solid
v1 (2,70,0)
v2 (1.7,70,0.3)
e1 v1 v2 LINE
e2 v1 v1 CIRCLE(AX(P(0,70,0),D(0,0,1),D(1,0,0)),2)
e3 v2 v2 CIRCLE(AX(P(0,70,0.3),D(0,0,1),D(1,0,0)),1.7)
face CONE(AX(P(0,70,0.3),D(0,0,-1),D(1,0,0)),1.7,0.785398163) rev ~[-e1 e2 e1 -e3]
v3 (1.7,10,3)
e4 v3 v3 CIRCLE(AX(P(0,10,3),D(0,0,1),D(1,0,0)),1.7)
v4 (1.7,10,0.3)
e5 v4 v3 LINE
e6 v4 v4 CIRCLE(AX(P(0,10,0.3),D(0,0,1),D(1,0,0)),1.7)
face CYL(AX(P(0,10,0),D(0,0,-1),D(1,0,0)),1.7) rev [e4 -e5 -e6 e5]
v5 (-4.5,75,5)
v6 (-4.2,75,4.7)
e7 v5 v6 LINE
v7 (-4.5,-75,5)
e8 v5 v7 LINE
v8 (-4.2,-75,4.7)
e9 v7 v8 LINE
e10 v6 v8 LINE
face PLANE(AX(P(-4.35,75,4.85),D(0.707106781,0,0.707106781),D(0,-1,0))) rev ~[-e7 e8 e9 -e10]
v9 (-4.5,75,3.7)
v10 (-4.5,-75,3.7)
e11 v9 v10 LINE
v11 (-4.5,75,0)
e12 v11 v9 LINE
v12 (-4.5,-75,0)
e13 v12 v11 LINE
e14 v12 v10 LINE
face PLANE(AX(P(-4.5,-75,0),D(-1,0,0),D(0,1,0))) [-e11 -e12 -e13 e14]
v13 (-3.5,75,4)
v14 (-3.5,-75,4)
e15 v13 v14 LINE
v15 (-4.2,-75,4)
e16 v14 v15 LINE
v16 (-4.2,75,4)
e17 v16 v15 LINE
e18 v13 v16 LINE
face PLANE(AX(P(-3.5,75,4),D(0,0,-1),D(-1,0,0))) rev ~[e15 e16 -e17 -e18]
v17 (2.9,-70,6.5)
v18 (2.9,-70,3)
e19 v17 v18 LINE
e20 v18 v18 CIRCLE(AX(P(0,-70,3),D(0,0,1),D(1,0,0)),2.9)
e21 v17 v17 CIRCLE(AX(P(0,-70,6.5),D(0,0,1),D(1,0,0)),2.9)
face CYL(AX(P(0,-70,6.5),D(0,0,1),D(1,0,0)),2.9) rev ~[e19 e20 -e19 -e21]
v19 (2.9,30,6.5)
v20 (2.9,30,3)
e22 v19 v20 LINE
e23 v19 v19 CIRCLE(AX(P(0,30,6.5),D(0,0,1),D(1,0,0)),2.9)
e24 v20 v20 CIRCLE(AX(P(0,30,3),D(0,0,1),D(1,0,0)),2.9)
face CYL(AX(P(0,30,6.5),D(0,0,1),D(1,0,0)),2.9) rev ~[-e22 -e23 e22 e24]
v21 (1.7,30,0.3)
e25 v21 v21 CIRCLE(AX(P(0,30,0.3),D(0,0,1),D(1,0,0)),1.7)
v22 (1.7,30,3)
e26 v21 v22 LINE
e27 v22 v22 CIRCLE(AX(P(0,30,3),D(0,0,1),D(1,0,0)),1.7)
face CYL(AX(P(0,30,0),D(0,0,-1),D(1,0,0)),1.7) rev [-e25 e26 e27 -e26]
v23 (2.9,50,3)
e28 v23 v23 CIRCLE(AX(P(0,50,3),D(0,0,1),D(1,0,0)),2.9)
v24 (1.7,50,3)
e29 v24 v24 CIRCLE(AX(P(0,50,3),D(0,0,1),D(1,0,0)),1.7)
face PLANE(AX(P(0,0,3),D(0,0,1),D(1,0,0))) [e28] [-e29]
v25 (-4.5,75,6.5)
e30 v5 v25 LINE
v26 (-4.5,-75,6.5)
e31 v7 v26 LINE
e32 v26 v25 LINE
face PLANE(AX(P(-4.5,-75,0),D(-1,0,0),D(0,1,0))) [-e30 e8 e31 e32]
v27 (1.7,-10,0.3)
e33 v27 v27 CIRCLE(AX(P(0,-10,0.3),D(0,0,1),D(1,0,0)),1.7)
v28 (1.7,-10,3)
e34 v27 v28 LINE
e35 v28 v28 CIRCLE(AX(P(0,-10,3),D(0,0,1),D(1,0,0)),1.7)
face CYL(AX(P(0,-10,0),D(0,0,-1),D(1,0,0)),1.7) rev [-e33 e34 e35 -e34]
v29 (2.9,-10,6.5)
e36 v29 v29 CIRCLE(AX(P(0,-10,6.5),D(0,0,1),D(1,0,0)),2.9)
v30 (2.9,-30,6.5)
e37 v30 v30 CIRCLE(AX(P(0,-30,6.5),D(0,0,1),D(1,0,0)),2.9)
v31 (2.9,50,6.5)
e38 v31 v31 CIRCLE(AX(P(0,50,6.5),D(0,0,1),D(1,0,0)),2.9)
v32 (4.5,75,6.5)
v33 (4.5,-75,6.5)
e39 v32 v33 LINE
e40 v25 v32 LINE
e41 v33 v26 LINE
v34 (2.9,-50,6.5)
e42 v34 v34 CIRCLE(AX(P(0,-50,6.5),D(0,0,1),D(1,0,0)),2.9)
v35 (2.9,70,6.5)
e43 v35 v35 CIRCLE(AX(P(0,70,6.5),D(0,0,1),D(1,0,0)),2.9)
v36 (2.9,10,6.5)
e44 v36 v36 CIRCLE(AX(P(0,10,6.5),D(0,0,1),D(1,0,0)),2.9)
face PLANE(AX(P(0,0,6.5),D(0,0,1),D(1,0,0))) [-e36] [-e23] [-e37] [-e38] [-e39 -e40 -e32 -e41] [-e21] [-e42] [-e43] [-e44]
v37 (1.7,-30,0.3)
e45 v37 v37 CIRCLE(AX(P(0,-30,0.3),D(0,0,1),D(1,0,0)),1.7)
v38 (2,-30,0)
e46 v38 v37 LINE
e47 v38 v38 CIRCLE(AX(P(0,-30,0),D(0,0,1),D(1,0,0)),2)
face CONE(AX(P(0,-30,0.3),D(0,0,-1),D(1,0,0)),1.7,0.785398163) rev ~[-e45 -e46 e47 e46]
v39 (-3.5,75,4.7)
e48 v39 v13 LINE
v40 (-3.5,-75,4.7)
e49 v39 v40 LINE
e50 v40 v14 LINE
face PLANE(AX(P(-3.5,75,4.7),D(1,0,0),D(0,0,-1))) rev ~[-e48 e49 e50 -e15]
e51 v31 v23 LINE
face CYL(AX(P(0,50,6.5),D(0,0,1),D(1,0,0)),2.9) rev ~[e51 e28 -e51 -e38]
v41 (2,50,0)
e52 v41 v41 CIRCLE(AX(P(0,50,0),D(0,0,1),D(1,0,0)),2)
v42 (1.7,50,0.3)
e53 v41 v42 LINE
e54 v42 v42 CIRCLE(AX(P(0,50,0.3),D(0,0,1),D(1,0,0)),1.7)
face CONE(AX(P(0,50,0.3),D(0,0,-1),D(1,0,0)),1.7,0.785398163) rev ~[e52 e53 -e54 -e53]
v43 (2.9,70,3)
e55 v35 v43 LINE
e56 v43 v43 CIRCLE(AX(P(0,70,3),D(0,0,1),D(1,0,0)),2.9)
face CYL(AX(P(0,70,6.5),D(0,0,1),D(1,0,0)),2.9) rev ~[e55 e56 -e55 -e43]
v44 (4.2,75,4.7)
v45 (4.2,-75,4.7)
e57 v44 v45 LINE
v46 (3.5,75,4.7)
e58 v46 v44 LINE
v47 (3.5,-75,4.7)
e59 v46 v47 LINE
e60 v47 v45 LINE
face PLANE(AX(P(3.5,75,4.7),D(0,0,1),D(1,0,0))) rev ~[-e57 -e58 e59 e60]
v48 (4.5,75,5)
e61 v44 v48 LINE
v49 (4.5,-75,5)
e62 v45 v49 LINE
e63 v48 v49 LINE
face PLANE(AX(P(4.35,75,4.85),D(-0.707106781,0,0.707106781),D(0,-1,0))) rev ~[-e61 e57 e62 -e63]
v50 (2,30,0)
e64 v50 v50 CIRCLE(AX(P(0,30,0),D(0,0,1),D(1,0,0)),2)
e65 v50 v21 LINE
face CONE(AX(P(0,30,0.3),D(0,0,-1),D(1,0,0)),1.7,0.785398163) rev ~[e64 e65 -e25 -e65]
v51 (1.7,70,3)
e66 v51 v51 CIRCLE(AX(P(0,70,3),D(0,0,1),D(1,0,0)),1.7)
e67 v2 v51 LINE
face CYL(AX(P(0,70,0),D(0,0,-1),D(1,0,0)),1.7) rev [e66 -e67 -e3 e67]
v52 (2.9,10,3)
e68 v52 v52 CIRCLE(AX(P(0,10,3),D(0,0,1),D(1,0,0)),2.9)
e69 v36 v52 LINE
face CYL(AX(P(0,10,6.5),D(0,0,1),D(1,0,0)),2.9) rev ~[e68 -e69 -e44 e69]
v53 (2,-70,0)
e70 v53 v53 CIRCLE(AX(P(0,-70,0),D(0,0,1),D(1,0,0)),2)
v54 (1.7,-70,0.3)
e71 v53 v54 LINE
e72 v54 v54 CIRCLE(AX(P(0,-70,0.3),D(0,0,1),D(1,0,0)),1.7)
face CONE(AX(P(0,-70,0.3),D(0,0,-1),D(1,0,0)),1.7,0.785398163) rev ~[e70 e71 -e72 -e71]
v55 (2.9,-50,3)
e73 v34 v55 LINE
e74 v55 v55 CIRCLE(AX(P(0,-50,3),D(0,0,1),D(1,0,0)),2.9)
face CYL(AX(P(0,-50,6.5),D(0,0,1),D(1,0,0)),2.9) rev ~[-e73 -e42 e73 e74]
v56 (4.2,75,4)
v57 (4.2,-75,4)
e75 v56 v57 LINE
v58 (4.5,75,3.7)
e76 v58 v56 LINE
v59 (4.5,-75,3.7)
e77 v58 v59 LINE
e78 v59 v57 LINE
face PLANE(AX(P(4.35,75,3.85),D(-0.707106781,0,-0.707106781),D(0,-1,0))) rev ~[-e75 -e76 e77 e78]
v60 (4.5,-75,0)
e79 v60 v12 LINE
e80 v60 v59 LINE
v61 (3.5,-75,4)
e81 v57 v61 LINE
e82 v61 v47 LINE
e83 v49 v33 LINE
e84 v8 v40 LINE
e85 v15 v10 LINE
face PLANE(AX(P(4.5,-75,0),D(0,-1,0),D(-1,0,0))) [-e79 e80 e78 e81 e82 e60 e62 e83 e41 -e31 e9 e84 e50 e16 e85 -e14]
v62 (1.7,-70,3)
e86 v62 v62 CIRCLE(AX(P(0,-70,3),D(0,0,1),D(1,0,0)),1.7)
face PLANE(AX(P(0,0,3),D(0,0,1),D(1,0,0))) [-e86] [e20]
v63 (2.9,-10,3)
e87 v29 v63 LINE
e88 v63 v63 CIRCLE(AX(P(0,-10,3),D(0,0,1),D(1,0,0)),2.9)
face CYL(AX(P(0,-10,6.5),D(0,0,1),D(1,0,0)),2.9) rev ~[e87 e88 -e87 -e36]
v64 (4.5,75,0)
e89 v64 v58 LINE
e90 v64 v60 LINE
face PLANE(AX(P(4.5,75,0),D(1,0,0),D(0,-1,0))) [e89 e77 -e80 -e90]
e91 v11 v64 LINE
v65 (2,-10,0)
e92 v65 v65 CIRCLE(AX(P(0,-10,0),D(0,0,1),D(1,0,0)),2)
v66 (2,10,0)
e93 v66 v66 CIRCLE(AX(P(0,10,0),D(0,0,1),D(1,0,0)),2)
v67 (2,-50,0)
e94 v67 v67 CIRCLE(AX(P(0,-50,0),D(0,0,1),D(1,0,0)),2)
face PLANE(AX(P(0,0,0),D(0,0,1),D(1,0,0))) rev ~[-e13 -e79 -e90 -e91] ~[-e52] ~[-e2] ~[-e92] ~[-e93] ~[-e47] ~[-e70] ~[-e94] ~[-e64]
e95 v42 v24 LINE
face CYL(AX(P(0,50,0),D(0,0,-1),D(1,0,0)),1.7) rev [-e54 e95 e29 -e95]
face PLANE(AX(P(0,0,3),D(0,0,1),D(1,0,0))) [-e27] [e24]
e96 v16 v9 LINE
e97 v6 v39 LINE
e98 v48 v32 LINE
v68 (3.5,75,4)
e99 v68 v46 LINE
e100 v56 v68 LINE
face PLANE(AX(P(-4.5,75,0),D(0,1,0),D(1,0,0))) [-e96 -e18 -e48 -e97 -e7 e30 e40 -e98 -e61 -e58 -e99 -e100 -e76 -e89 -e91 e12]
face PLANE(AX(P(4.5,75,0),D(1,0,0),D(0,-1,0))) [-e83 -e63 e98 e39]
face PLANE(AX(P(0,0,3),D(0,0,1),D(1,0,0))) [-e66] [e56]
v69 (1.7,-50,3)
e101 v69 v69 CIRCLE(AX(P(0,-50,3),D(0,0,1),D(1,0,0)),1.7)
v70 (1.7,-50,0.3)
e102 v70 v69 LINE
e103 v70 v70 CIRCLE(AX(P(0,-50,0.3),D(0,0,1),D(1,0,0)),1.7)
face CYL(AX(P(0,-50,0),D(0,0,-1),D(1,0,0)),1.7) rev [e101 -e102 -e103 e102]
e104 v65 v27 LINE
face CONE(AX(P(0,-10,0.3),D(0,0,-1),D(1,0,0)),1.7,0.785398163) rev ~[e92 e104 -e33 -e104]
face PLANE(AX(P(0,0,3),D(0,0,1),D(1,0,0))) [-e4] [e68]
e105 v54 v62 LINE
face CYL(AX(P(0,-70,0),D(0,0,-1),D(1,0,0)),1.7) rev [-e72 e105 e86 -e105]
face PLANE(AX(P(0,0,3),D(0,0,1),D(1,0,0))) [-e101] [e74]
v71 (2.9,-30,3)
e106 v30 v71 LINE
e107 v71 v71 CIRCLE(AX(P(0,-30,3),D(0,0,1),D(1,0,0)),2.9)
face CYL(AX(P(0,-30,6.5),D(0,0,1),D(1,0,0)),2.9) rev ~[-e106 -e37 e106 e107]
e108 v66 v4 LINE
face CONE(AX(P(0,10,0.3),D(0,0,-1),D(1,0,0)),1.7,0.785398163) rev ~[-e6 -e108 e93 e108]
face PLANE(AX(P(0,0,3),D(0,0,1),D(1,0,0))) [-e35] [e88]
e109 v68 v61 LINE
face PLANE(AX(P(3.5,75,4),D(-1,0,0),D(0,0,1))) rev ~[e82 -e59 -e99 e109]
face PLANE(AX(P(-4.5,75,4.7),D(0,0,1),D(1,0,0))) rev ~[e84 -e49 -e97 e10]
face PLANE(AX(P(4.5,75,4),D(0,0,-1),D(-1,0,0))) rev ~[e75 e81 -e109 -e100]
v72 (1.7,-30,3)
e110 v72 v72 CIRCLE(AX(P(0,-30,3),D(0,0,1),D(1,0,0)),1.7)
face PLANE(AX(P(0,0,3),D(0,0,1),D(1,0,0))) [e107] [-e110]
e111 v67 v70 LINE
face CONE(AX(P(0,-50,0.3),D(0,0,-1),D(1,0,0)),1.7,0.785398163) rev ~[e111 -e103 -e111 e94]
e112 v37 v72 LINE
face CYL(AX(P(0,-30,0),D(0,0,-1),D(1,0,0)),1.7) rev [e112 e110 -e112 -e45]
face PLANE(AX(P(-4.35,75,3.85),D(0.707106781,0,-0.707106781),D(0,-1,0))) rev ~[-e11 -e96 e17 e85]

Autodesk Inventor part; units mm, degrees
ref_plane "YZ Plane" through (0, 0, 0) normal (1, 0, 0) x (0, 1, 0)
ref_plane "XZ Plane" through (0, 0, 0) normal (0, 1, 0) x (-1, 0, 0)
ref_plane "XY Plane" through (0, 0, 0) normal (0, 0, 1) x (1, 0, 0)
sketch "スケッチ1" plane through (0, 0, 0) normal (0, 0, 1) x (1, 0, 0)
  line L0 (-4.5, 75) -> (4.5, 75)
  line L1 (4.5, 75) -> (4.5, -75)
  line L2 (4.5, -75) -> (-4.5, -75)
  line L3 (-4.5, -75) -> (-4.5, 75)
  line L4 (-4.5, 75) -> (4.5, -75) construction
  line L5 (4.5, 75) -> (-4.5, -75) construction
  circle A0 centre (0, 70) radius 1.7
  circle A1 centre (0, 50) radius 1.7
  circle A2 centre (0, 30) radius 1.7
  circle A3 centre (0, 10) radius 1.7
  circle A4 centre (0, -10) radius 1.7
  circle A5 centre (0, -30) radius 1.7
  circle A6 centre (0, -50) radius 1.7
  circle A7 centre (0, -70) radius 1.7
  point P0 (0, 0)
  dimension "d0" = 9
  dimension "d1" = 150
  dimension "d2" = 3.4
  dimension "d3" = 3.4
  dimension "d4" = 3.4
  dimension "d5" = 3.4
  dimension "d6" = 3.4
  dimension "d7" = 3.4
  dimension "d8" = 3.4
  dimension "d9" = 3.4
extrude "押し出し1" add sketch "スケッチ1" along normal blind 6.5
sketch "スケッチ2" plane through (0, 0, 6.5) normal (0, 0, 1) x (1, 0, 0)
  circle A0 centre (0, -70) radius 1.7 projected
  circle A1 centre (0, -70) radius 2.9
  circle A2 centre (0, -50) radius 1.7 projected
  circle A3 centre (0, -50) radius 2.9
  circle A4 centre (0, -30) radius 1.7 projected
  circle A5 centre (0, -30) radius 2.9
  circle A6 centre (0, -10) radius 1.7 projected
  circle A7 centre (0, -10) radius 2.9
  circle A8 centre (0, 10) radius 1.7 projected
  circle A9 centre (0, 10) radius 2.9
  circle A10 centre (0, 30) radius 1.7 projected
  circle A11 centre (0, 30) radius 2.9
  circle A12 centre (0, 50) radius 1.7 projected
  circle A13 centre (0, 50) radius 2.9
  circle A14 centre (0, 70) radius 1.7 projected
  circle A15 centre (0, 70) radius 2.9
  point P0 (0, 0)
  dimension "d12" = 5.8
  dimension "d13" = 5.8
  dimension "d14" = 5.8
  dimension "d15" = 5.8
  dimension "d16" = 5.8
  dimension "d17" = 5.8
  dimension "d18" = 5.8
  dimension "d19" = 5.8
extrude "押し出し2" cut sketch "スケッチ2" against normal blind 3.5
sketch "スケッチ3" plane through (-4.5, 75, 0) normal (0, 1, 0) x (1, 0, 0)
  line L0 (9, 0) -> (9, -6.5) projected
  line L1 (9, -4) -> (8, -4)
  line L2 (9, -4) -> (10, -4) construction
  line L3 (8, -4) -> (8, -4.7)
  line L4 (8, -4.7) -> (9, -4.7)
  line L5 (9, -4.7) -> (9, -4)
  line L6 (0, 0) -> (0, -6.5) projected
  line L7 (0, -4.7) -> (1, -4.7)
  line L8 (1, -4.7) -> (1, -4)
  line L9 (1, -4) -> (0, -4)
  line L10 (0, -4.7) -> (0, -4)
  point P0 (4.5, 0)
  dimension "d22" = 1
  dimension "d23" = 180
  dimension "d24" = 0.7
  dimension "d25" = 1
extrude "押し出し3" cut sketch "スケッチ3" against normal blind 150
chamfer "面取り1" distance 0.3 angle 45 4 edges at (4.5, 0, 4) (4.5, 0, 4.7) (-4.5, 0, 4) (-4.5, 0, 4.7)
chamfer "面取り2" distance 0.3 angle 45 8 edges at (-1.7, 70, 0) (-1.7, 50, 0) (-1.7, 30, 0) (-1.7, 10, 0) (-1.7, -10, 0) (-1.7, -30, 0) (-1.7, -50, 0) (-1.7, -70, 0)
properties part number "rail" material "鉄、可鍛鉄"
